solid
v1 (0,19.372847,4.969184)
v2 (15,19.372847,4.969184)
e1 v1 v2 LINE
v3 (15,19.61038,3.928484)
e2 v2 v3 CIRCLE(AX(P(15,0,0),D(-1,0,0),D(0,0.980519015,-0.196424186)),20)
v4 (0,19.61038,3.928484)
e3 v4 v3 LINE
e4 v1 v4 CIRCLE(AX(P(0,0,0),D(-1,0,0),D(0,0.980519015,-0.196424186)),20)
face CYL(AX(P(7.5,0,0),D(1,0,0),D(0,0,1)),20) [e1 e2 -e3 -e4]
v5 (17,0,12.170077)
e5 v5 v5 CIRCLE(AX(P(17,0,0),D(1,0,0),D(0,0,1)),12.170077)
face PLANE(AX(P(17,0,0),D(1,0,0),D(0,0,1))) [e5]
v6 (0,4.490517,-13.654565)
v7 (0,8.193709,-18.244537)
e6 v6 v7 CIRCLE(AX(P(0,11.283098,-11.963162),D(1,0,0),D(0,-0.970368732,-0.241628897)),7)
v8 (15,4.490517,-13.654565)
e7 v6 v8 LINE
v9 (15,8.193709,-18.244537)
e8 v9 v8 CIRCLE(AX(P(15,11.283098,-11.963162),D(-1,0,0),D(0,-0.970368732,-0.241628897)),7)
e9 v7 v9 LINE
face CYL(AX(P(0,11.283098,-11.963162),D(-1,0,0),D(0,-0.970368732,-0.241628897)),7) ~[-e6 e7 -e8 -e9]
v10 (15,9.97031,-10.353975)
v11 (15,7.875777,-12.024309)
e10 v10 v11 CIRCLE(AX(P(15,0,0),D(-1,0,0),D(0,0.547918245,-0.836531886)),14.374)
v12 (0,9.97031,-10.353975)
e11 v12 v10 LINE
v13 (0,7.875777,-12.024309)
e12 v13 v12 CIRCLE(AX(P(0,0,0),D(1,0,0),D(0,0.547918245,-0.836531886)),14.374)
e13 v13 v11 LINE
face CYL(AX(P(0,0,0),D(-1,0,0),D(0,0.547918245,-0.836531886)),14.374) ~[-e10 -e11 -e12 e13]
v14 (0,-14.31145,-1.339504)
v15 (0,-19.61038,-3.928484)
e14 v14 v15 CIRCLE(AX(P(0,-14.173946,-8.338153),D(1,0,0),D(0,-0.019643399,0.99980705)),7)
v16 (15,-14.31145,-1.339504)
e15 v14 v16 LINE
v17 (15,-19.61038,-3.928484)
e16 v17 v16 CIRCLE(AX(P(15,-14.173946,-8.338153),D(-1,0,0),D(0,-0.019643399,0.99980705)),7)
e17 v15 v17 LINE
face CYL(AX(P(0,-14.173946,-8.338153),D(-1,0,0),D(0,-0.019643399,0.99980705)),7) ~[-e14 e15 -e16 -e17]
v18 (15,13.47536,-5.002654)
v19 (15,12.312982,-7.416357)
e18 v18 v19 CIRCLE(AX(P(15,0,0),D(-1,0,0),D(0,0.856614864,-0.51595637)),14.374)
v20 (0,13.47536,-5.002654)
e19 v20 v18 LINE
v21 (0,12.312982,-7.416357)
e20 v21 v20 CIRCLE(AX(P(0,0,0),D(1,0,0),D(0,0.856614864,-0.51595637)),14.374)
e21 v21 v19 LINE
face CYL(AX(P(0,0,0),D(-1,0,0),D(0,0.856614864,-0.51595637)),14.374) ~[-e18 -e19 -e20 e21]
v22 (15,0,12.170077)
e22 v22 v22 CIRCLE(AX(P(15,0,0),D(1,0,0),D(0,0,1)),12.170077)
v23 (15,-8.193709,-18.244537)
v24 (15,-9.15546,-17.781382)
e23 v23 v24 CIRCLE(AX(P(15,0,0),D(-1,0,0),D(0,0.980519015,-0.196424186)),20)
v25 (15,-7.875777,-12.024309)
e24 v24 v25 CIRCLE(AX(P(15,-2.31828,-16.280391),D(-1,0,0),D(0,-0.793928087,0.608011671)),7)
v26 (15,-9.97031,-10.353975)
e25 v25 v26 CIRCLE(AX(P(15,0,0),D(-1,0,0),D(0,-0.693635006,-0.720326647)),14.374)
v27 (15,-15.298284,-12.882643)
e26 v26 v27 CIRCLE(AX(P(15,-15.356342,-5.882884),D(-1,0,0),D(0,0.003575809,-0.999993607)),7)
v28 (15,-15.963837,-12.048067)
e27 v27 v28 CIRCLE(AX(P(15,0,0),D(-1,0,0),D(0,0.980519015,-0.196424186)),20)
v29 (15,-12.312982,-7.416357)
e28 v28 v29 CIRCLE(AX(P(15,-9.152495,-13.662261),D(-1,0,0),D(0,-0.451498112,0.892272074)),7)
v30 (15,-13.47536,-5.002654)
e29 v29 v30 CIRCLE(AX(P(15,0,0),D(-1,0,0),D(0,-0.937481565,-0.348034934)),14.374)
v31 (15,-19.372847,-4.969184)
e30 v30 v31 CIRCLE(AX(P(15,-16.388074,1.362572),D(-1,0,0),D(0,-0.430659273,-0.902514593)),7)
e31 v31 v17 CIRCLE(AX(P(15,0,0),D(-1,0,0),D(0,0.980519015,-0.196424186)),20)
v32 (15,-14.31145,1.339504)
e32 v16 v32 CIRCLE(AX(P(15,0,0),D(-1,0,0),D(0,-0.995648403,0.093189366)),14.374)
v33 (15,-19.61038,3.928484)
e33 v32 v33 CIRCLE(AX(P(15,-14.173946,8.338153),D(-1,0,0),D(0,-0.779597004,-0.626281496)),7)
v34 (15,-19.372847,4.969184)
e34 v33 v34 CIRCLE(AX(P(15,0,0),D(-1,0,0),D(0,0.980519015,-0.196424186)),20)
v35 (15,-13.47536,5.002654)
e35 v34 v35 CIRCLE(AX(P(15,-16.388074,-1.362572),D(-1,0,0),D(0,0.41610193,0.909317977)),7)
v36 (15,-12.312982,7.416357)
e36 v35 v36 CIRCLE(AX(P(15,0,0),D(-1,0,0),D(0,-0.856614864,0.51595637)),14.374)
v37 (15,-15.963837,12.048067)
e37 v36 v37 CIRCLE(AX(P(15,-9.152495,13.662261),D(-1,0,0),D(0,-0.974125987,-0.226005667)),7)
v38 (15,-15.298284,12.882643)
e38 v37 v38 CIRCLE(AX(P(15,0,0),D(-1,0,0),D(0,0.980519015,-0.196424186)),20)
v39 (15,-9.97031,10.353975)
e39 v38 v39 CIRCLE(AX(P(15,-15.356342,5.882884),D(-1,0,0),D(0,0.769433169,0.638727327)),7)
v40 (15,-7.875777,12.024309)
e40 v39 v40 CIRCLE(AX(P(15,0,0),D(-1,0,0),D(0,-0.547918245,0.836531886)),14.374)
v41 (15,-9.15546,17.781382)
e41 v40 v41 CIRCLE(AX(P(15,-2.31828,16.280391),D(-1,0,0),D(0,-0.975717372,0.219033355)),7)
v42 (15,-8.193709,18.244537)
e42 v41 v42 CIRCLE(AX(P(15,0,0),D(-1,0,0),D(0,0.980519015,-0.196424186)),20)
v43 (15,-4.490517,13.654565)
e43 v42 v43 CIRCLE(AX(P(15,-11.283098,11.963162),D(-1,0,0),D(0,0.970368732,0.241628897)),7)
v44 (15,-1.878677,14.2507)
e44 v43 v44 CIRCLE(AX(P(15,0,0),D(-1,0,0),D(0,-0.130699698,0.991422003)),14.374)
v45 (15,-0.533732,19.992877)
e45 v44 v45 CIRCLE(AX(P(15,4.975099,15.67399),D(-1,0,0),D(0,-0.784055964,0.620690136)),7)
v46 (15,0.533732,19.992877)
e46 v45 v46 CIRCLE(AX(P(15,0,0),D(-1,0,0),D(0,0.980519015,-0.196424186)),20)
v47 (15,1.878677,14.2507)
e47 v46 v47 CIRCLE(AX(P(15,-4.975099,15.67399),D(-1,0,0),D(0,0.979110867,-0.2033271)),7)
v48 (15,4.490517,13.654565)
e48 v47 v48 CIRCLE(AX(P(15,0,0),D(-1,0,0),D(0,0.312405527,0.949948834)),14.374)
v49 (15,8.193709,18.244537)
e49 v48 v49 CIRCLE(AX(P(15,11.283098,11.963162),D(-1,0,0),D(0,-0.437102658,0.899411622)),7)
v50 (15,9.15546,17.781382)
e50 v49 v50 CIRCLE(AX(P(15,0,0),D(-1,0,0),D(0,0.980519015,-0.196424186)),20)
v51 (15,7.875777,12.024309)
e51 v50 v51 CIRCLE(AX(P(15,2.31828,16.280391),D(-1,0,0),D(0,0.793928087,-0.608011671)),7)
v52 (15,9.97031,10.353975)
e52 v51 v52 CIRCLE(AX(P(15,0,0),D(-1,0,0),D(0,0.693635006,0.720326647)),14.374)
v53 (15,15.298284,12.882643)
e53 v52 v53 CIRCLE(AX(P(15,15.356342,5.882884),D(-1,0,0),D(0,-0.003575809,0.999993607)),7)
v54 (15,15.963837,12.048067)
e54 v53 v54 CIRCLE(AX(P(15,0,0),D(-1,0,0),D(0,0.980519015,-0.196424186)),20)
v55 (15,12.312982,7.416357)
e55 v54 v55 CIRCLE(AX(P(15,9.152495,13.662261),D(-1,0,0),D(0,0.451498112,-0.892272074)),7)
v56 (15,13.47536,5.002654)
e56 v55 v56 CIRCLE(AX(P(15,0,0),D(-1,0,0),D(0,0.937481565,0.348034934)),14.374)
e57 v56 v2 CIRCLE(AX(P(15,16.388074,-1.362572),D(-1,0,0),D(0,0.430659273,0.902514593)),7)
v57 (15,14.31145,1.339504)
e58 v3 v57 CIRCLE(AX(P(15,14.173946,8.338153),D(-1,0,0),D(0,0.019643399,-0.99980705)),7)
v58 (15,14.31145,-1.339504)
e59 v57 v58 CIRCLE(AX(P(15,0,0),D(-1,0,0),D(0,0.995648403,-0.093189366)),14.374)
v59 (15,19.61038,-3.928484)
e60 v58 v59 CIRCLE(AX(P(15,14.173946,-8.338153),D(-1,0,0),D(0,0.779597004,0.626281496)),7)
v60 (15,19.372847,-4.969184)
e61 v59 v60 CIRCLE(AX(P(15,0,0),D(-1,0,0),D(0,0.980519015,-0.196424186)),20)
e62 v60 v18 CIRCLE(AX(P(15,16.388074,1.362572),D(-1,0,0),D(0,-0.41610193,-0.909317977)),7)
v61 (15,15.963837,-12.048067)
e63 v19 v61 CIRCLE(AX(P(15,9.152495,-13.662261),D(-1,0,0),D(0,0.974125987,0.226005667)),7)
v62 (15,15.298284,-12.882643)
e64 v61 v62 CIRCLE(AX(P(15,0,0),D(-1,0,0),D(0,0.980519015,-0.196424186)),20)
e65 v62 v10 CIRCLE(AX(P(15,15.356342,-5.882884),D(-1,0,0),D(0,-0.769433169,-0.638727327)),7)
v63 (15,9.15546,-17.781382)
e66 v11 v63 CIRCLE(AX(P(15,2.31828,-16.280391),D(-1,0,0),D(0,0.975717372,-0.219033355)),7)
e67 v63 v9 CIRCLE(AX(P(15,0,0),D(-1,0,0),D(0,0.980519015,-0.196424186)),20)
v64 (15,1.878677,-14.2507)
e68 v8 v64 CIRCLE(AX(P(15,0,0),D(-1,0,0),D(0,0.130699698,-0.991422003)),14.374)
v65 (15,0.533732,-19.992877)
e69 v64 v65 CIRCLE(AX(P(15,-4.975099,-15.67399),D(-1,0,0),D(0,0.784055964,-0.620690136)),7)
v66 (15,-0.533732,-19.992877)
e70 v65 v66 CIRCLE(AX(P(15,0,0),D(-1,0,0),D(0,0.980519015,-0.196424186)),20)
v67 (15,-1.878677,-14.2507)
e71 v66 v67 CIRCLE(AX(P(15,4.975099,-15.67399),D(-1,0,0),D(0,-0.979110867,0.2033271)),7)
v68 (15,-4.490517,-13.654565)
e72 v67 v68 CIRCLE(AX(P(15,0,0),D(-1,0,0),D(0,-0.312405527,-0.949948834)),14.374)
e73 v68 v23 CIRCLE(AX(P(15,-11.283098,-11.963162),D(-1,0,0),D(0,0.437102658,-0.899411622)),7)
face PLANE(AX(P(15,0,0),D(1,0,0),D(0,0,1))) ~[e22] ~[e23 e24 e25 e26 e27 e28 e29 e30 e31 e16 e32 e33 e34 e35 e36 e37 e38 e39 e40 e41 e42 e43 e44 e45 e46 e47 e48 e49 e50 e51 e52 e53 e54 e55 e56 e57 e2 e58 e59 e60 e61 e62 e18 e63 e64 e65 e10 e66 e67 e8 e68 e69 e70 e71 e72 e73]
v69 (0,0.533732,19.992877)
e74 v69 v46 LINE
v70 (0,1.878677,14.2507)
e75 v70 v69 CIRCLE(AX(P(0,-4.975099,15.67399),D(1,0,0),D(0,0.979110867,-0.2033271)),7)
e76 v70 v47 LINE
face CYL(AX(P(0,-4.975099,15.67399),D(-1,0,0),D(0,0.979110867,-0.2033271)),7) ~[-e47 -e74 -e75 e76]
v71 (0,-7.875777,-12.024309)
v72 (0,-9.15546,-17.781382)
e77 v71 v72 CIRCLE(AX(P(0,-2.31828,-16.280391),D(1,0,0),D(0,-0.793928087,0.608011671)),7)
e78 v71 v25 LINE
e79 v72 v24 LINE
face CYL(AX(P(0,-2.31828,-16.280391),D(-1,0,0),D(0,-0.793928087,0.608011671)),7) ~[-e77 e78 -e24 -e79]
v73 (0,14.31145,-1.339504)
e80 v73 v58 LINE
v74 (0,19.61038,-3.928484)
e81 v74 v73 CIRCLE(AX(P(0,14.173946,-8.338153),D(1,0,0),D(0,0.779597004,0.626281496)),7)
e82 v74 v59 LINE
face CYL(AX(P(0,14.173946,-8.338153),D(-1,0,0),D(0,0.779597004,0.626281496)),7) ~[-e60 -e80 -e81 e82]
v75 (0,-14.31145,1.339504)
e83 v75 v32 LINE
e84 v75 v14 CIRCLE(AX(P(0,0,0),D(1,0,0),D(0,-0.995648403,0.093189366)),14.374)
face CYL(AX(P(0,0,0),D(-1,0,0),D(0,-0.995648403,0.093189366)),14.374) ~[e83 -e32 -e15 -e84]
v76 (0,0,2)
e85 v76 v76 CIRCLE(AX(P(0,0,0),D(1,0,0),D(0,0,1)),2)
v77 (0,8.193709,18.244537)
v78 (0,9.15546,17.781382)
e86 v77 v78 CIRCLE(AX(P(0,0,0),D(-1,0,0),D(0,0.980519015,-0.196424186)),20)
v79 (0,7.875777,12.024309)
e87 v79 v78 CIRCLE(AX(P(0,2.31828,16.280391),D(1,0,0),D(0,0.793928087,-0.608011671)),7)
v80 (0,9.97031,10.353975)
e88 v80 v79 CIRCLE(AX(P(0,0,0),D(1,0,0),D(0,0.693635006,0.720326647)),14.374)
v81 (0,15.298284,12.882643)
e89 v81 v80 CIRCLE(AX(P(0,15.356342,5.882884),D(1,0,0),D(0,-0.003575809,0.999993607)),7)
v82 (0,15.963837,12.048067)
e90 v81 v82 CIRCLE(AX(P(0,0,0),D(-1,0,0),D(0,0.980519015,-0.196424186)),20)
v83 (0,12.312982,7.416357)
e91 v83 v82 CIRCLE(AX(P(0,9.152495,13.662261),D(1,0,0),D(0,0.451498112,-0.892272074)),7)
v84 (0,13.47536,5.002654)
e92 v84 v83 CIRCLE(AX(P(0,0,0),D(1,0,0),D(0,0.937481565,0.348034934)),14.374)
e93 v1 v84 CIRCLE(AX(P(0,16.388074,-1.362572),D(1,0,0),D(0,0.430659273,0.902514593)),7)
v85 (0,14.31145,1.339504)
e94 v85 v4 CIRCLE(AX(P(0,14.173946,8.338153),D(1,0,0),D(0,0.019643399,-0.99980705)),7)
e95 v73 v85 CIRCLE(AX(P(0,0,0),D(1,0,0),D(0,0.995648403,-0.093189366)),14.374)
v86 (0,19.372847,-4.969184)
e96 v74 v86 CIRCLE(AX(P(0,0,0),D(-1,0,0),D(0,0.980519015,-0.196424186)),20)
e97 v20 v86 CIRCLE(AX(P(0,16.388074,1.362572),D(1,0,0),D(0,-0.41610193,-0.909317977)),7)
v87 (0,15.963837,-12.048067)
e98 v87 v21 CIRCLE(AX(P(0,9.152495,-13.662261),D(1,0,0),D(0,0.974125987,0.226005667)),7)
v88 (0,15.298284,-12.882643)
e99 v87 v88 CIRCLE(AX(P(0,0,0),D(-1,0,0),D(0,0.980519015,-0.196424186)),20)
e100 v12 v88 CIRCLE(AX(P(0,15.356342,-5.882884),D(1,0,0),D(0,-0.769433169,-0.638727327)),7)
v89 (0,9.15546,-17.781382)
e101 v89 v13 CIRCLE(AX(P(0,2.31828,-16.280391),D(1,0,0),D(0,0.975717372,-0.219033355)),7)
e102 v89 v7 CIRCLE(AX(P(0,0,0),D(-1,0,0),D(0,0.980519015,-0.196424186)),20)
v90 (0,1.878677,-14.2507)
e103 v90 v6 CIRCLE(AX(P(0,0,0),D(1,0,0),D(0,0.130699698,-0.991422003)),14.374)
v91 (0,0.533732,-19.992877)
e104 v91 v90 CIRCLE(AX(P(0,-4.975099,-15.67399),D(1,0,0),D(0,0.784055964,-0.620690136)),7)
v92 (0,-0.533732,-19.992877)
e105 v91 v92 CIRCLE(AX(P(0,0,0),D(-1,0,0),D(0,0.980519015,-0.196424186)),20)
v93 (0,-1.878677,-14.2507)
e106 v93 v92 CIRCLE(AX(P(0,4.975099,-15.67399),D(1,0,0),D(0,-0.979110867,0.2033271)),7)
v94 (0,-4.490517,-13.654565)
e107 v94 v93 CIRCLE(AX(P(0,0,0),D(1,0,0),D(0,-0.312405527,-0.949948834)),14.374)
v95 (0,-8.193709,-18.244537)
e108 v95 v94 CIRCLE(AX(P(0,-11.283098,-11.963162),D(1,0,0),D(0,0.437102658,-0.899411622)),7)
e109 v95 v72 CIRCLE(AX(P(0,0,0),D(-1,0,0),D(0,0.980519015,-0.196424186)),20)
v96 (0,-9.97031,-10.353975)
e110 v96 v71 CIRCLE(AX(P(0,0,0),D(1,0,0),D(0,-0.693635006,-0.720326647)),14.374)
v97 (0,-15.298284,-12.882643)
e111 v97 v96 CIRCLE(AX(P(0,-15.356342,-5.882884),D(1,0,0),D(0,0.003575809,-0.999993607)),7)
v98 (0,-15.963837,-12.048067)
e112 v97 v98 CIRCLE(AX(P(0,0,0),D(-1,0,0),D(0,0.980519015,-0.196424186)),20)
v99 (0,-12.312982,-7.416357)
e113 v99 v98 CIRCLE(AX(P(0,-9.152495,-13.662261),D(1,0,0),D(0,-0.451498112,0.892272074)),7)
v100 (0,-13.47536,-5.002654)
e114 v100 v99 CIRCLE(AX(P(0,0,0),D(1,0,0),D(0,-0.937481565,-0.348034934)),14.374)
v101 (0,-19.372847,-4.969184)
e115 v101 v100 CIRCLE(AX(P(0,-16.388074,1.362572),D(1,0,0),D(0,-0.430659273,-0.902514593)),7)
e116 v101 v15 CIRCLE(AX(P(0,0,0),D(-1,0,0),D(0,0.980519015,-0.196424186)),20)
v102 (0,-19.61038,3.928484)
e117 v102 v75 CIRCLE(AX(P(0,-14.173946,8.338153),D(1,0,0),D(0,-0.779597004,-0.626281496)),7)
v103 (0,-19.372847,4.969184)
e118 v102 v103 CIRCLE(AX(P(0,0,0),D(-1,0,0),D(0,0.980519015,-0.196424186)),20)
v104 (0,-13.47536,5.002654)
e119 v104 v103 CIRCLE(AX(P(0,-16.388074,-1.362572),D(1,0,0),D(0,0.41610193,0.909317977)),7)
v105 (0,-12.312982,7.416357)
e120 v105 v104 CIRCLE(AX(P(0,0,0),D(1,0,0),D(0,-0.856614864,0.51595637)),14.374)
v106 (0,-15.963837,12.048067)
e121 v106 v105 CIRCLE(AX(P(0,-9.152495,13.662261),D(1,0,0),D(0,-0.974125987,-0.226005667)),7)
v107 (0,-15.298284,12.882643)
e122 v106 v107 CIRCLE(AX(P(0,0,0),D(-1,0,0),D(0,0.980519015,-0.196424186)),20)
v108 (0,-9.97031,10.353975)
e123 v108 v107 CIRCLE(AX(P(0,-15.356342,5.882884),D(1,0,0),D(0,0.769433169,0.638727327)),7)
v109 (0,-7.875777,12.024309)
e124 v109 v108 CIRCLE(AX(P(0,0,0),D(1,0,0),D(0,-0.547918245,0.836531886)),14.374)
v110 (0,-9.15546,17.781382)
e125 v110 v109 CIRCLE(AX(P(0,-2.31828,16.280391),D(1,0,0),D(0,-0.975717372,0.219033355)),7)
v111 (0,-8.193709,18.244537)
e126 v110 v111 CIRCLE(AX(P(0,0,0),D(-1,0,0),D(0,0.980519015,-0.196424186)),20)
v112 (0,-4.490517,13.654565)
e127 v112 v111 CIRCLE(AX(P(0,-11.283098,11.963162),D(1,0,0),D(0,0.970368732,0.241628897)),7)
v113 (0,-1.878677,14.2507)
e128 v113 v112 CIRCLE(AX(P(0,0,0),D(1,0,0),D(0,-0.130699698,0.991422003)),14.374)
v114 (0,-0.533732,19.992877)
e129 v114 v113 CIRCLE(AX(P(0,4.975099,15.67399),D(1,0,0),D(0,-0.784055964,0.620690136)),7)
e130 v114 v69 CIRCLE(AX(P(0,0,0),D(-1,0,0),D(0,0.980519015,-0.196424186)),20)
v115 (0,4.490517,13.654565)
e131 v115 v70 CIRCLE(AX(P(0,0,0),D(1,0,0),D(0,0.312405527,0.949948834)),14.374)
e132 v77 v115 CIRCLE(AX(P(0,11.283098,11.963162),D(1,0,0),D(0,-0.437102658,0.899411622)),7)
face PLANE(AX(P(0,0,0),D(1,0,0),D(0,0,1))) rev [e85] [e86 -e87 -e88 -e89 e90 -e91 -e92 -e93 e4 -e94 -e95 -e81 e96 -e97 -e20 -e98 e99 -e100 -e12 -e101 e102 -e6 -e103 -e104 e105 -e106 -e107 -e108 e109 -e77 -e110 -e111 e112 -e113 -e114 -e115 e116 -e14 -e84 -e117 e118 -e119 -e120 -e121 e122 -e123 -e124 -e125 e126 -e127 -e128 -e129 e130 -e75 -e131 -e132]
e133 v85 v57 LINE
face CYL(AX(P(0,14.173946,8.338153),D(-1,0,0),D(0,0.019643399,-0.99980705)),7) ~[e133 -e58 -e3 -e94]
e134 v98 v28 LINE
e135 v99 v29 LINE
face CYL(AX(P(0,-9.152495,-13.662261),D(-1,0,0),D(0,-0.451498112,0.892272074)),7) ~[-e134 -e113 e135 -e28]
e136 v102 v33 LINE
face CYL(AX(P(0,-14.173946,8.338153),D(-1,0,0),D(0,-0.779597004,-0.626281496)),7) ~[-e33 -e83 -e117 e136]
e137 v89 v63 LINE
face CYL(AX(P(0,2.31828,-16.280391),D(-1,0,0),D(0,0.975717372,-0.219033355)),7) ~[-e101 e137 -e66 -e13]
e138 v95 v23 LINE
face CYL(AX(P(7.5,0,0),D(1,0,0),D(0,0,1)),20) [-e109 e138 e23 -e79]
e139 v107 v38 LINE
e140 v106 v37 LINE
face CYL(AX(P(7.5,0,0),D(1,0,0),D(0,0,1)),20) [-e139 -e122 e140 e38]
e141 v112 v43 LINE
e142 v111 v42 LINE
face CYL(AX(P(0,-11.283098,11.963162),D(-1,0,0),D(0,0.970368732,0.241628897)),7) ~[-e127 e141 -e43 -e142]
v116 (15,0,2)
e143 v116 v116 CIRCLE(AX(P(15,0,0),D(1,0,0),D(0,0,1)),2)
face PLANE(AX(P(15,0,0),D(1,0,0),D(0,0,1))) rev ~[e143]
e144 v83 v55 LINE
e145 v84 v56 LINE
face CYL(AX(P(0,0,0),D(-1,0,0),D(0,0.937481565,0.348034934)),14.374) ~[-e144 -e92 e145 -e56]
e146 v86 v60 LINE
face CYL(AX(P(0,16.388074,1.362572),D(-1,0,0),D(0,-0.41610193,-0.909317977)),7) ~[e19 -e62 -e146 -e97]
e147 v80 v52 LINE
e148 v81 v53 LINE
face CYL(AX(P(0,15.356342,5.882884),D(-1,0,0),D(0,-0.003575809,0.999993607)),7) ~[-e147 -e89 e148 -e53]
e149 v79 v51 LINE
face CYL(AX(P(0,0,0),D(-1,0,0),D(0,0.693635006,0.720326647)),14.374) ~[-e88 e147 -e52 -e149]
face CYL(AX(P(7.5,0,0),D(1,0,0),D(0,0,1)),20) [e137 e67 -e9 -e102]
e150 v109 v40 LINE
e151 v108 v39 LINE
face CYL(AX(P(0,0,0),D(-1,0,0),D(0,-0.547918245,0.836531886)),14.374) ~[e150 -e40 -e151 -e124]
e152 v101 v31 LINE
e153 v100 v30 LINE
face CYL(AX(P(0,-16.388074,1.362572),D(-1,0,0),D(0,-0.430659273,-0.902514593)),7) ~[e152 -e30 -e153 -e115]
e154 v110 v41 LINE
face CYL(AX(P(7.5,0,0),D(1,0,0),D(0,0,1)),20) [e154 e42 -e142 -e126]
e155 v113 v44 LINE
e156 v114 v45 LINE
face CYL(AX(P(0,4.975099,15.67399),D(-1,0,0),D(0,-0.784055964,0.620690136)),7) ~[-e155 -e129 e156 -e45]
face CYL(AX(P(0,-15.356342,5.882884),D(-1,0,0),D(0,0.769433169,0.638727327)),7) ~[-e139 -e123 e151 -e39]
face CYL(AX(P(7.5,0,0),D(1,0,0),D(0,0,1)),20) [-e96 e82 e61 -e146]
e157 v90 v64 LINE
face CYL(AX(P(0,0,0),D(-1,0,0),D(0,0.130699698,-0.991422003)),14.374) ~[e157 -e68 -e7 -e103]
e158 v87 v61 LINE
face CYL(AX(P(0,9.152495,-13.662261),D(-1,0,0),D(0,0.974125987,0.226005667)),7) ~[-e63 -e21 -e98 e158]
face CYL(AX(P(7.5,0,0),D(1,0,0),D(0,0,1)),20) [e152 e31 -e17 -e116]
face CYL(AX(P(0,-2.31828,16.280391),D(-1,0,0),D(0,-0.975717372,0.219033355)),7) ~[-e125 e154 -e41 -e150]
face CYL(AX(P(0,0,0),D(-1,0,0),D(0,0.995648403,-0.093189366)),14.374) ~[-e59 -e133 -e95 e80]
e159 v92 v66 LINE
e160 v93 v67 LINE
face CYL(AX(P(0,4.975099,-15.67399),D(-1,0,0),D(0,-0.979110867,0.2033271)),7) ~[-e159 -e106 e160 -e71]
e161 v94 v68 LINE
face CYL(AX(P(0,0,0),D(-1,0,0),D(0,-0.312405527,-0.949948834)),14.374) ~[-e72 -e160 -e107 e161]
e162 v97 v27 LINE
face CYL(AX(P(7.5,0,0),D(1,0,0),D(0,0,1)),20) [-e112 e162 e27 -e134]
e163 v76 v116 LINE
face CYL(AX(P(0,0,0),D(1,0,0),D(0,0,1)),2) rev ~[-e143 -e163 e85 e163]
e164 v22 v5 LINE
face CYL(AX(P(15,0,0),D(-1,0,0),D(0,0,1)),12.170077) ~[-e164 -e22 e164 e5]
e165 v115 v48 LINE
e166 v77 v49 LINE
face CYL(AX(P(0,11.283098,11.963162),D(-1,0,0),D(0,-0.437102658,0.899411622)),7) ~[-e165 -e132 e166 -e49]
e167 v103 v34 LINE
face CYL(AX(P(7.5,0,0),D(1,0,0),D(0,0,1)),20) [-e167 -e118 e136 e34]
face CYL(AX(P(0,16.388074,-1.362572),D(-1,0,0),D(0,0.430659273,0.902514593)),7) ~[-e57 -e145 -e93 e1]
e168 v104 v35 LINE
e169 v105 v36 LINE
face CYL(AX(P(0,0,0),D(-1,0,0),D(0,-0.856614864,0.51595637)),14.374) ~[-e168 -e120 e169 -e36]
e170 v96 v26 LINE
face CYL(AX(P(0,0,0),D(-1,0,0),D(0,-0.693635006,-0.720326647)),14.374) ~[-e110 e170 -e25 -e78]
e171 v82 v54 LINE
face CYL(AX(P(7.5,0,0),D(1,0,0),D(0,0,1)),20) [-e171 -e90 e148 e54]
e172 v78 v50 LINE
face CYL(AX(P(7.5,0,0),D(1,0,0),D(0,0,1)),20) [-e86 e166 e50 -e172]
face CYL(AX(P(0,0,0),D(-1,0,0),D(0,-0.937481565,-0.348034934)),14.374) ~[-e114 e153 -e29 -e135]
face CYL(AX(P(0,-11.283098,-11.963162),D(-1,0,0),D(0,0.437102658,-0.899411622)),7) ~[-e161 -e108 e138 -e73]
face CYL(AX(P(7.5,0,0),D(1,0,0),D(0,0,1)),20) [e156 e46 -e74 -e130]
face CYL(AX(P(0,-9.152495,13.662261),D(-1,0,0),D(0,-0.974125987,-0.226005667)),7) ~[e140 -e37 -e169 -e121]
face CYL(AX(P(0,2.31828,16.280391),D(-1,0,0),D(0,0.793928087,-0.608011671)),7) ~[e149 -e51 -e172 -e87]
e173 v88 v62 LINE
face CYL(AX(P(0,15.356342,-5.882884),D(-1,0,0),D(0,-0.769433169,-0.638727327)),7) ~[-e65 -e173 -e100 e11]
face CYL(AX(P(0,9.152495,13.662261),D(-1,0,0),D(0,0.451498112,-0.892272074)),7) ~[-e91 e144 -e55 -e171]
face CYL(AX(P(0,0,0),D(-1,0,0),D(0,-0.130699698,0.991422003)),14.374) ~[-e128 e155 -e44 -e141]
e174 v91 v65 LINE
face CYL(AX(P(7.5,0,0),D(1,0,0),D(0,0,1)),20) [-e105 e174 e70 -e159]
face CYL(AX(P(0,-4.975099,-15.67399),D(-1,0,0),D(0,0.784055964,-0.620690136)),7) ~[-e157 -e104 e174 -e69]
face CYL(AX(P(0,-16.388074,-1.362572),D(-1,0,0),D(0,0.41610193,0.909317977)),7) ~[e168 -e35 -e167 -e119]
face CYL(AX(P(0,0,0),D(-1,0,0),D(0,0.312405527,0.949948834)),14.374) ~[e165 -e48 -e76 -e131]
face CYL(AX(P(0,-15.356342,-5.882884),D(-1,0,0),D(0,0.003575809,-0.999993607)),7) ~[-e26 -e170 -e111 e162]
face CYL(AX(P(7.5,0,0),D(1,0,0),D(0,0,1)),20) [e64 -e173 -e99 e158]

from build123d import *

# Parameters (mm, degrees)
BASPROSKE_W         = 15
BASPROSKE_H         = 20
TOOTHCUT_DEPTH      = 33.015621187
TEETHCUTS_COUNT     = 14
TEETHCUTS_ANGLE     = 334.285714286
BORSKE_R            = 2
BORE_DEPTH          = 50.0000508
SKETCH1_R           = 12.170076636
BOSS_EXTRUDE1_DEPTH = 2


with BuildPart() as part:
    # BasProSke → Base-Revolve (revolve)
    with BuildSketch(Plane(origin=(0, 0, 0), x_dir=(1, 0, 0), z_dir=(0, 1, 0)), mode=Mode.PRIVATE) as base_revolve_sk:
        with Locations((7.5, 10)):
            Rectangle(BASPROSKE_W, BASPROSKE_H)
    revolve(base_revolve_sk.sketch.rotate(Axis((-10, 0, 0), (1, 0, 0)), 180), axis=Axis((-10, 0, 0), (1, 0, 0)))

    # TooCutSke → ToothCut (cut, through all)
    with BuildSketch(Plane(origin=(0, 0, 0), x_dir=(0, 0, -1), z_dir=(1, 0, 0))):
        with BuildLine():
            ThreePointArc((1.339503949, 14.311450142), (0, 14.374), (-1.339503949, 14.311450142))
            ThreePointArc((-1.339503949, 14.311450142), (-2.055976555, 17.261705303), (-3.954182827, 19.631125371))
            ThreePointArc((-3.954182827, 19.631125371), (0, 20.0254), (3.954182827, 19.631125371))
            ThreePointArc((3.954182827, 19.631125371), (2.055976555, 17.261705303), (1.339503949, 14.311450142))
        make_face()
    toothcut = extrude(amount=TOOTHCUT_DEPTH, mode=Mode.SUBTRACT)

    # TeethCuts: ToothCut ×14 about axis
    teethcuts_axis = Axis((-10, 0, 0), (1, 0, 0))
    for i in range(1, TEETHCUTS_COUNT):
        add(toothcut.rotate(teethcuts_axis, i * TEETHCUTS_ANGLE / (TEETHCUTS_COUNT - 1)), mode=Mode.SUBTRACT)

    # BorSke → Bore (cut, symmetric)
    with BuildSketch(Plane(origin=(0, 0, 0), x_dir=(0, 0, -1), z_dir=(1, 0, 0))):
        with Locations(Location((0, 0, 0), (0, 0, 180))):
            Circle(BORSKE_R)
    extrude(amount=BORE_DEPTH, both=True, mode=Mode.SUBTRACT)

    # Sketch1 → Boss-Extrude1 (add)
    with BuildSketch(Plane(origin=(15, 0, 0), x_dir=(0, 0, -1), z_dir=(1, 0, 0))):
        with Locations(Location((0, 0, 0), (0, 0, 180))):
            Circle(SKETCH1_R)
    extrude(amount=BOSS_EXTRUDE1_DEPTH)


solid = part.part
